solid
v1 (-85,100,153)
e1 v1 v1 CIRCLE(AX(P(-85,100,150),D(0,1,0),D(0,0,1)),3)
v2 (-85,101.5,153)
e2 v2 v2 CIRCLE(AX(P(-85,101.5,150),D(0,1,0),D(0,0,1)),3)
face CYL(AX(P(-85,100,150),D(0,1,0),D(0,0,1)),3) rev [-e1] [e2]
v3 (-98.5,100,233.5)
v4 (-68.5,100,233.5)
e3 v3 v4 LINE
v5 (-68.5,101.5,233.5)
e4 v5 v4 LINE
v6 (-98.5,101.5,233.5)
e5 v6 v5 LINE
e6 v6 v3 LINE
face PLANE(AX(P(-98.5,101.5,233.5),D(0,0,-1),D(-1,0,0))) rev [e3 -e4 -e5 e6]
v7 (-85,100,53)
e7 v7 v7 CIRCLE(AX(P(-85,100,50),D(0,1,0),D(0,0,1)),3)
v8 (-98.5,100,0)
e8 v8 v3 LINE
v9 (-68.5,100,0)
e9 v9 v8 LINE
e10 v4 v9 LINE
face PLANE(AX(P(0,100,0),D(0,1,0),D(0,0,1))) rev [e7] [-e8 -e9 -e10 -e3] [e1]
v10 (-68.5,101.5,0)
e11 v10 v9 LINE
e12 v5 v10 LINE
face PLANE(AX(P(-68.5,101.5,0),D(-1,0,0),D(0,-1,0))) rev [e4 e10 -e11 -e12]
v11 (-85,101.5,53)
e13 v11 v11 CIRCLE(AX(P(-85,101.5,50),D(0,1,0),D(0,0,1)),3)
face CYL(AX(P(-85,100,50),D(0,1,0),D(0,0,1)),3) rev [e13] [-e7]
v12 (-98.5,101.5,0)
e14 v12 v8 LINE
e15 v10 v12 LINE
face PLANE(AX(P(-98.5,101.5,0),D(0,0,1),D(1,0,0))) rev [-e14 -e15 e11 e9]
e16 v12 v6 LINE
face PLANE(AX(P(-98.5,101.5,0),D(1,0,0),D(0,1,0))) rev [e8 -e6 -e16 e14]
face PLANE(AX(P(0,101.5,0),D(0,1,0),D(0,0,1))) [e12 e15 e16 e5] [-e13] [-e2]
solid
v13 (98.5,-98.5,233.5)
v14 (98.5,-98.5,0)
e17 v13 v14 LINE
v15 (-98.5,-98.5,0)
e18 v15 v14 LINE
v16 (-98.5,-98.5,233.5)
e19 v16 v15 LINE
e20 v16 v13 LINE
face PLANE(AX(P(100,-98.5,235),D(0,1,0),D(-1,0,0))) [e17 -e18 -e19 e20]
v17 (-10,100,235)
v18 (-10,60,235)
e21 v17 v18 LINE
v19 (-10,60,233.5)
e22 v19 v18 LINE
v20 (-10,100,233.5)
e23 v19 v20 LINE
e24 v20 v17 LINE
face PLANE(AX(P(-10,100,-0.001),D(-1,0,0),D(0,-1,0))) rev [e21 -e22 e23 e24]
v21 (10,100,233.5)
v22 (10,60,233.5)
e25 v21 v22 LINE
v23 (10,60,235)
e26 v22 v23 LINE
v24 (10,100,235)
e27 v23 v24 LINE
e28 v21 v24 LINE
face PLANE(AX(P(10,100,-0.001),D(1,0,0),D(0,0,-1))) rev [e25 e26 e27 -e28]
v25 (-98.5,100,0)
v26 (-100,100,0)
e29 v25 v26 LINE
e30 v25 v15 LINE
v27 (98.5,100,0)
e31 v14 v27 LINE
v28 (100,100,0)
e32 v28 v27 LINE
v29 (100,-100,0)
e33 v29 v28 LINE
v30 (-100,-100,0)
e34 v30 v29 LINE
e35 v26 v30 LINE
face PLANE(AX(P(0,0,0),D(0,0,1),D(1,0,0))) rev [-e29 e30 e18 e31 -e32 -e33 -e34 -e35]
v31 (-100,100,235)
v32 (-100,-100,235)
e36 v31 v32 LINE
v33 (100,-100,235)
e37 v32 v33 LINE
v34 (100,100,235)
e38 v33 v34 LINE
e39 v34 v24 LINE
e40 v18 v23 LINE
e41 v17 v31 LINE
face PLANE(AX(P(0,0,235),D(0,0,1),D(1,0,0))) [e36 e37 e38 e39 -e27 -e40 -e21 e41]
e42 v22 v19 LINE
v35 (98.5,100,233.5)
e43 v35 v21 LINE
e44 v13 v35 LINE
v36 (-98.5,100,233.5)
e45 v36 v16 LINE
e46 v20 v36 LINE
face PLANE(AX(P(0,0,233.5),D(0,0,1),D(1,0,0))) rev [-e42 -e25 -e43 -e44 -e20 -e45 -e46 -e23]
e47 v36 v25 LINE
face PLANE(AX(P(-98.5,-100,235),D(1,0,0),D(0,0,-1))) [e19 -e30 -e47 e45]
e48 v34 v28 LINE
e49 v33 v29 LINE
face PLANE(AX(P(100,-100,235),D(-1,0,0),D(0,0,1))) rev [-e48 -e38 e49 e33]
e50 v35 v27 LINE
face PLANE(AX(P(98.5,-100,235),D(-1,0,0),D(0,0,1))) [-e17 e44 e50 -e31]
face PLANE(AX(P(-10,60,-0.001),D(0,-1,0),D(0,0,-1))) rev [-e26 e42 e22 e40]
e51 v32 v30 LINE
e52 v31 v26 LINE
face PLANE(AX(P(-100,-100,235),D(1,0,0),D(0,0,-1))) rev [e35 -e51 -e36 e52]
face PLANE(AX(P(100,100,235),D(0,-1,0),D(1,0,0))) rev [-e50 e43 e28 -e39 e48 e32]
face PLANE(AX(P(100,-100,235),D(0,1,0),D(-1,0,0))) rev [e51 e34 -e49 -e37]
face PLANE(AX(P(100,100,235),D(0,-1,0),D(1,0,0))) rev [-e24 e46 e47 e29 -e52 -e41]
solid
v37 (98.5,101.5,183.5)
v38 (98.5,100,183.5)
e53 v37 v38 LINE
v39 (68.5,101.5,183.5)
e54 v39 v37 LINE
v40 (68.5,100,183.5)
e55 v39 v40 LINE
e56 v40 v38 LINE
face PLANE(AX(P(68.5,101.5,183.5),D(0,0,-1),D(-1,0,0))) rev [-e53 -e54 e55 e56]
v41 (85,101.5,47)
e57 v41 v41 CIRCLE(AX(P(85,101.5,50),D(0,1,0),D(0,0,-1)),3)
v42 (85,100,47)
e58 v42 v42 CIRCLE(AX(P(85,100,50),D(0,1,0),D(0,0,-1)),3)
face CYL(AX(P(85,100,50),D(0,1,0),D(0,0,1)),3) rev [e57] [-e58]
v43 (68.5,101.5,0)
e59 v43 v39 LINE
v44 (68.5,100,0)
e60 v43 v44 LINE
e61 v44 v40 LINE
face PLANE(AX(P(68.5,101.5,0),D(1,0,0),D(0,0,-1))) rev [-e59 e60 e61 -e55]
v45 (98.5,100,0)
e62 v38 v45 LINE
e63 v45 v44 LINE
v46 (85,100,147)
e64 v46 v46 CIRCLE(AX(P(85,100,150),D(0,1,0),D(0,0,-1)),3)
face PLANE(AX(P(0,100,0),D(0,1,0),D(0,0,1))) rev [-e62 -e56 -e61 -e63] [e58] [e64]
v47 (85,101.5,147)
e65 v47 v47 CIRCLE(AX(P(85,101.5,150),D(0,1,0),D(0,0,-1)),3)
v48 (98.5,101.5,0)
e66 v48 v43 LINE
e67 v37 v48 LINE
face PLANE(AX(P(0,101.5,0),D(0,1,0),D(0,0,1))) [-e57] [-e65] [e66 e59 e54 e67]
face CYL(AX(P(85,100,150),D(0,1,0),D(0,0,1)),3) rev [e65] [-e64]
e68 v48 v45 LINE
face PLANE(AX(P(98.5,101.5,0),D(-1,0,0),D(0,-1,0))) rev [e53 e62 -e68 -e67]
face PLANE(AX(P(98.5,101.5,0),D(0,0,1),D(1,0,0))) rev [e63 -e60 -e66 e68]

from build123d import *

# Parameters (mm, degrees)
SKETCH1_W             = 200
SKETCH1_H             = 200
BOSS_EXTRUDE1_DEPTH   = 235
SHELL1_T              = -1.5
CUT_EXTRUDE1_REACH    = 276.272
SKETCH2_W             = 20
SKETCH2_H             = 40
SKETCH3_W             = 30
SKETCH3_H             = 233.5
BOSS_EXTRUDE2_DEPTH   = 1.5
SKETCH3_H_2           = 183.5
BOSS_EXTRUDE2_2_DEPTH = 1.5
SKETCH5_R             = 3
CUT_EXTRUDE3_DEPTH    = 1.5


with BuildPart() as part:
    # Sketch1 → Boss-Extrude1 (new body)
    with BuildSketch(Plane.XY):
        Rectangle(SKETCH1_W, SKETCH1_H)
    extrude(amount=BOSS_EXTRUDE1_DEPTH)

    # Shell1
    shell1_openings = [part.faces().sort_by_distance(p)[0] for p in [
        (0, 0, 0),
        (0, 100, 117.5),
    ]]
    offset(amount=SHELL1_T, openings=shell1_openings, kind=Kind.INTERSECTION)

    # Sketch2 → Cut-Extrude1 (cut, up to next)
    with BuildSketch(Plane.XY.offset(235), mode=Mode.PRIVATE) as cut_extrude1_sk1:
        with Locations((0, 80)):
            Rectangle(SKETCH2_W, SKETCH2_H)
    cut_extrude1_tool1 = extrude(cut_extrude1_sk1.sketch, amount=-CUT_EXTRUDE1_REACH, mode=Mode.PRIVATE) & part.part
    add(cut_extrude1_tool1.solids().sort_by_distance((0, 80, 235))[0], mode=Mode.SUBTRACT)


with BuildPart() as body_2:
    # Sketch3 → Boss-Extrude2 (new body)
    with BuildSketch(Plane(origin=(0, 100, 0), x_dir=(1, 0, 0), z_dir=(0, 1, 0))):
        with Locations((-83.5, -116.75)):
            Rectangle(SKETCH3_W, SKETCH3_H)
    extrude(amount=BOSS_EXTRUDE2_DEPTH)


with BuildPart() as body_3:
    # Sketch3 → Boss-Extrude2 2 (new body)
    with BuildSketch(Plane(origin=(0, 100, 0), x_dir=(1, 0, 0), z_dir=(0, 1, 0))):
        with Locations((83.5, -91.75)):
            Rectangle(SKETCH3_W, SKETCH3_H_2)
    extrude(amount=BOSS_EXTRUDE2_2_DEPTH)


with BuildPart() as cut_extrude3_tool:
    # Sketch5 → Cut-Extrude3 (new body)
    with BuildSketch(Plane(origin=(0, 101.5, 0), x_dir=(1, 0, 0), z_dir=(0, 1, 0))):
        with Locations(Location((-85, -50, 0), (0, 0, 270))):
            Circle(SKETCH5_R)
        with Locations(Location((-85, -150, 0), (0, 0, 270))):
            Circle(SKETCH5_R)
        with Locations(Location((85, -150, 0), (0, 0, 90))):
            Circle(SKETCH5_R)
        with Locations(Location((85, -50, 0), (0, 0, 90))):
            Circle(SKETCH5_R)
    extrude(amount=-CUT_EXTRUDE3_DEPTH)


with BuildPart() as body_2_1:
    add(body_2.part)

    # Cut-Extrude3: cut by cut_extrude3_tool
    add(cut_extrude3_tool.part, mode=Mode.SUBTRACT)


with BuildPart() as body_3_1:
    add(body_3.part)

    # Cut-Extrude3: cut by cut_extrude3_tool
    add(cut_extrude3_tool.part, mode=Mode.SUBTRACT)


solid = Compound([part.part, body_2_1.part, body_3_1.part])
